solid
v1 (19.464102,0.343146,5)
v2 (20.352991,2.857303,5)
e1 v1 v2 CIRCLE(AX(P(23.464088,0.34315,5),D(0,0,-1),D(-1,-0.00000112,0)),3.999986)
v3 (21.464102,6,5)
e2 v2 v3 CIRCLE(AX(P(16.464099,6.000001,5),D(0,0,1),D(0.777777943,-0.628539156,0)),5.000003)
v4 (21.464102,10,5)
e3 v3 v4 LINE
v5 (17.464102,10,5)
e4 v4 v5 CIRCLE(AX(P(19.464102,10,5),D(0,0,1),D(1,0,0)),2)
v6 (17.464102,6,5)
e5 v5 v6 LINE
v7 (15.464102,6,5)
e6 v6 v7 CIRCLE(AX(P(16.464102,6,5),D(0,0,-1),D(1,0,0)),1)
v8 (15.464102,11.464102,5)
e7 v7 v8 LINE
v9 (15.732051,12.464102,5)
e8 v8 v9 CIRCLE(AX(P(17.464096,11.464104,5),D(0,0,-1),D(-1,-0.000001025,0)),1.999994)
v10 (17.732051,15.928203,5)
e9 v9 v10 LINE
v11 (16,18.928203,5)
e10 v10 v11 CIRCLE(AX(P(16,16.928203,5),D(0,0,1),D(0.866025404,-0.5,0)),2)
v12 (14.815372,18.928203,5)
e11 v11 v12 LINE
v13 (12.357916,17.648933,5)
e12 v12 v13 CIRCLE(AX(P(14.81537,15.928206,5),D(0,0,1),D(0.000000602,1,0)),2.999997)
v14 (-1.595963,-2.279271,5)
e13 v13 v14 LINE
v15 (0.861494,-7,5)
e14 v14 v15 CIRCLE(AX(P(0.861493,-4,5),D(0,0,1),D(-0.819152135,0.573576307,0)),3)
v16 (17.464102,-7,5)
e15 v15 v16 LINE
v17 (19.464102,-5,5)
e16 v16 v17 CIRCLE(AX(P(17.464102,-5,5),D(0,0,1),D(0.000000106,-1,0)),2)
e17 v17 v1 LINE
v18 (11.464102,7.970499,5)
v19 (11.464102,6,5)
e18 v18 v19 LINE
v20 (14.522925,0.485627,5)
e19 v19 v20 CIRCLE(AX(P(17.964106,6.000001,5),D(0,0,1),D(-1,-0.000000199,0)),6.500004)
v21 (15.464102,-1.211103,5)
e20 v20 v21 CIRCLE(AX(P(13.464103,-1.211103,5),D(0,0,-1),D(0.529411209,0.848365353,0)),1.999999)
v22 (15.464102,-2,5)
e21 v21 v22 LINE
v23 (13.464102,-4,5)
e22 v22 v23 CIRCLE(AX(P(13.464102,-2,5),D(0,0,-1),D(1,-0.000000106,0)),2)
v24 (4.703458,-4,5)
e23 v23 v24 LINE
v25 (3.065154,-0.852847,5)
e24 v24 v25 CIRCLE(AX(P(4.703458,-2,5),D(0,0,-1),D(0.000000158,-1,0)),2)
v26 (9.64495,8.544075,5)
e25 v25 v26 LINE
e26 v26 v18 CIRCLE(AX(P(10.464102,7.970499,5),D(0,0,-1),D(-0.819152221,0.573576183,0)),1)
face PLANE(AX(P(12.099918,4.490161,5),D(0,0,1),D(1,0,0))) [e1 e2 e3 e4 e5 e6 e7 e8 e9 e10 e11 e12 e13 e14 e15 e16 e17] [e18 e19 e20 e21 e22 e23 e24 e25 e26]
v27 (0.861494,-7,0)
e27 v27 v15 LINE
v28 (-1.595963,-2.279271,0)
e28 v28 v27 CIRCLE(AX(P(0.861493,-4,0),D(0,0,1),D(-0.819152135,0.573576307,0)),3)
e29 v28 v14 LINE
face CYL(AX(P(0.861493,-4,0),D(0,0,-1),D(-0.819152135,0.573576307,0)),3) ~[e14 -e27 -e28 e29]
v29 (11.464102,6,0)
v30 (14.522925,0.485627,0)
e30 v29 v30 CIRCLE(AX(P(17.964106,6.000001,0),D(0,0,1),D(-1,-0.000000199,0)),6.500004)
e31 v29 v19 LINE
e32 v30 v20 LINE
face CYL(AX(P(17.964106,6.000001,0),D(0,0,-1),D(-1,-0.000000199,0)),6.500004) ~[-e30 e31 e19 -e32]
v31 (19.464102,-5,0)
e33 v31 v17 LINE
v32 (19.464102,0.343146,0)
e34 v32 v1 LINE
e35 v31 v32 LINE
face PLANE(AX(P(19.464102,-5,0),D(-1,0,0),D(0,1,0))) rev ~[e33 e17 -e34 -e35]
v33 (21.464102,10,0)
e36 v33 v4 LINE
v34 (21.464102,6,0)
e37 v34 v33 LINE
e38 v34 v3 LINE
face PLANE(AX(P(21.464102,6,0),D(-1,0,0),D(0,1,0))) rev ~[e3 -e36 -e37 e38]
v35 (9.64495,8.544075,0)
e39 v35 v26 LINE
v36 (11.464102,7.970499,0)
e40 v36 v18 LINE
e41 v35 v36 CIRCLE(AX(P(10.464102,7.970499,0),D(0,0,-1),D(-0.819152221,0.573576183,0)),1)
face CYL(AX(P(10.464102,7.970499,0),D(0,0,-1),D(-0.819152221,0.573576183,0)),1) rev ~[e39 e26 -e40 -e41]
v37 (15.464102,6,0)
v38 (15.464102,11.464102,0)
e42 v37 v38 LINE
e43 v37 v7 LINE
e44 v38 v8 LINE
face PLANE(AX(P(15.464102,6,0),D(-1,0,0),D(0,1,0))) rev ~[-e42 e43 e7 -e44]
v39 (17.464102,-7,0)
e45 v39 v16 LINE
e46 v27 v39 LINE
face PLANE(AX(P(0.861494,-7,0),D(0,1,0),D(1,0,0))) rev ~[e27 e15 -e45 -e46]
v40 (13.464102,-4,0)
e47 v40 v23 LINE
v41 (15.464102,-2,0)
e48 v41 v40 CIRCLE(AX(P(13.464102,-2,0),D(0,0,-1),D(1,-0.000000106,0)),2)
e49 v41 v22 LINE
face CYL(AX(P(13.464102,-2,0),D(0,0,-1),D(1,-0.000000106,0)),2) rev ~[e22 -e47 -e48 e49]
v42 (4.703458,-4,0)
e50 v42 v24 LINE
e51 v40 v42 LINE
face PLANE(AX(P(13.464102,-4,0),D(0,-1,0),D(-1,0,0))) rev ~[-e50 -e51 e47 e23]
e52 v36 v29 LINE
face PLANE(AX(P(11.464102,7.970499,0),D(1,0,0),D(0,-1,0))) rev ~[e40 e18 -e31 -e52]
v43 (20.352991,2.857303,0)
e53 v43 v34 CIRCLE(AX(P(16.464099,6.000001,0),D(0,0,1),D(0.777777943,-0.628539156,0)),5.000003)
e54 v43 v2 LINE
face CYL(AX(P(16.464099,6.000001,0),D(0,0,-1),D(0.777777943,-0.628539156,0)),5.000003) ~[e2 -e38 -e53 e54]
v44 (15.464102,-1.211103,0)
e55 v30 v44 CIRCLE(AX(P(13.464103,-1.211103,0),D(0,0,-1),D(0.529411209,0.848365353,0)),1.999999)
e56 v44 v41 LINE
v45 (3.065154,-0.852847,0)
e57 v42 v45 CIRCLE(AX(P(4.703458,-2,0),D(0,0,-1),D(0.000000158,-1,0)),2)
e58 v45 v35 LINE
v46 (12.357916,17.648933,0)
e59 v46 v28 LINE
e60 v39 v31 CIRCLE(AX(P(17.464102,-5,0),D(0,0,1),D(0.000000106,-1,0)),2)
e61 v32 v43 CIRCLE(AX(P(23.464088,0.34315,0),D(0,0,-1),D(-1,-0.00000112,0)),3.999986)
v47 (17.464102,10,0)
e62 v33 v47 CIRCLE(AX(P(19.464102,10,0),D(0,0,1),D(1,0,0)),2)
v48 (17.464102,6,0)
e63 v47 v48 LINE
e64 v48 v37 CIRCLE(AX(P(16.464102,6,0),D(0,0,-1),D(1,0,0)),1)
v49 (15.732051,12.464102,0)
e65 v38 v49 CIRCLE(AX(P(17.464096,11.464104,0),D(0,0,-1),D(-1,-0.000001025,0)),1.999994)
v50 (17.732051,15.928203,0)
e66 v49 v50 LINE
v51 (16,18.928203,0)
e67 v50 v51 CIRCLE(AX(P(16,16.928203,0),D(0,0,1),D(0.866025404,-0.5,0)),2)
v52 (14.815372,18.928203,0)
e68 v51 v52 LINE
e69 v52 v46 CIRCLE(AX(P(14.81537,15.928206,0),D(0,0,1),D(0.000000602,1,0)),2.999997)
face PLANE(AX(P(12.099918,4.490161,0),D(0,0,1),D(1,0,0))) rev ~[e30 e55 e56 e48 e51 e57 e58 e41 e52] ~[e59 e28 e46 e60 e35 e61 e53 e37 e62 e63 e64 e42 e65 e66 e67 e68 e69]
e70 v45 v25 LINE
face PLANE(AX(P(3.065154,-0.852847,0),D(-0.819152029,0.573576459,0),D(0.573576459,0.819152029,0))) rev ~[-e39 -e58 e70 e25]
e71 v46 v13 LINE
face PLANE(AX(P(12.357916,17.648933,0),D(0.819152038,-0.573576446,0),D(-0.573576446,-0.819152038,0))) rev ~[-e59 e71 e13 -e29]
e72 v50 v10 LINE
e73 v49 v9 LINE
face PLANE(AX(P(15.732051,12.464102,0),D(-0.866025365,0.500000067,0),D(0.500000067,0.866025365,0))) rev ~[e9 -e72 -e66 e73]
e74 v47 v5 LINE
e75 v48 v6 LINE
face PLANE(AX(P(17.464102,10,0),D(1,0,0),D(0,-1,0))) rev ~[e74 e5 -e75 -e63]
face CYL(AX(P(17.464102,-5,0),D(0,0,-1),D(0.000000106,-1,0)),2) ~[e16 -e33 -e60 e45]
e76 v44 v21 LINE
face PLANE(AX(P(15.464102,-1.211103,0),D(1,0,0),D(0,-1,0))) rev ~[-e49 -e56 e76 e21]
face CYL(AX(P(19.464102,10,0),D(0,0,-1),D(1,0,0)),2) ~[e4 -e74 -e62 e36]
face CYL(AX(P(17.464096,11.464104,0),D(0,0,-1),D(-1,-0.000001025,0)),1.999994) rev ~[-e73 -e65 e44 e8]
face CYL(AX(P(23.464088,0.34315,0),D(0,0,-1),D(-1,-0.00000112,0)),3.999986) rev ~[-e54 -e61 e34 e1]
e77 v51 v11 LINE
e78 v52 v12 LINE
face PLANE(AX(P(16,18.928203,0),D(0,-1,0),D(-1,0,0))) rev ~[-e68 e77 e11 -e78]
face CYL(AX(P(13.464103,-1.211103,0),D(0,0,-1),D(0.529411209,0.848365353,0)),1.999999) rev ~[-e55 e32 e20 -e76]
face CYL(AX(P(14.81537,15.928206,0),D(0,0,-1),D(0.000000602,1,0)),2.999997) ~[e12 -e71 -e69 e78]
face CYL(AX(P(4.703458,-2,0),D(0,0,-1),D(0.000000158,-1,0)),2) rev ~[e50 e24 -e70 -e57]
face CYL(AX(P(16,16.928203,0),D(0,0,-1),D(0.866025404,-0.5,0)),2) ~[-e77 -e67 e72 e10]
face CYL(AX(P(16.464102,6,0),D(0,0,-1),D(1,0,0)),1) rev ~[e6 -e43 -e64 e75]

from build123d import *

# Parameters (mm, degrees)
F1_DEPTH = 5


with BuildPart() as f1:
    # F0 (on Top) → F1 (new body)
    with BuildSketch(Plane.XY):
        with BuildLine():
            Line((16, 18.928203), (14.815372, 18.928203))
            ThreePointArc((14.815372, 18.928203), (13.430126, 18.589236), (12.357916, 17.648933))
            Line((12.357916, 17.648933), (-1.595963, -2.279271))
            ThreePointArc((-1.595963, -2.279271), (-1.799539, -5.385246), (0.861494, -7))
            Line((0.861494, -7), (17.464102, -7))
            ThreePointArc((17.464102, -7), (18.878315, -6.414214), (19.464102, -5))
            Line((19.464102, -5), (19.464102, 0.343146))
            ThreePointArc((19.464102, 0.343146), (19.692865, 1.676479), (20.352991, 2.857303))
            ThreePointArc((20.352991, 2.857303), (21.178147, 4.333333), (21.464102, 6))
            Line((21.464102, 6), (21.464102, 10))
            ThreePointArc((21.464102, 10), (19.464102, 12), (17.464102, 10))
            Line((17.464102, 10), (17.464102, 6))
            ThreePointArc((17.464102, 6), (16.464102, 5), (15.464102, 6))
            Line((15.464102, 6), (15.464102, 11.464102))
            ThreePointArc((15.464102, 11.464102), (15.53225, 11.98174), (15.732051, 12.464102))
            Line((15.732051, 12.464102), (17.732051, 15.928203))
            ThreePointArc((17.732051, 15.928203), (17.732051, 17.928203), (16, 18.928203))
        make_face()
        with BuildLine():
            ThreePointArc((4.703458, -4), (2.929436, -2.923497), (3.065154, -0.852847))
            Line((3.065154, -0.852847), (9.64495, 8.544075))
            ThreePointArc((9.64495, 8.544075), (10.764807, 8.924216), (11.464102, 7.970499))
            Line((11.464102, 7.970499), (11.464102, 6))
            ThreePointArc((11.464102, 6), (12.280017, 2.847037), (14.522925, 0.485627))
            ThreePointArc((14.522925, 0.485627), (15.213051, -0.24096), (15.464102, -1.211103))
            Line((15.464102, -1.211103), (15.464102, -2))
            ThreePointArc((15.464102, -2), (14.878315, -3.414214), (13.464102, -4))
            Line((13.464102, -4), (4.703458, -4))
        make_face(mode=Mode.SUBTRACT)
    extrude(amount=F1_DEPTH)


solid = f1.part
